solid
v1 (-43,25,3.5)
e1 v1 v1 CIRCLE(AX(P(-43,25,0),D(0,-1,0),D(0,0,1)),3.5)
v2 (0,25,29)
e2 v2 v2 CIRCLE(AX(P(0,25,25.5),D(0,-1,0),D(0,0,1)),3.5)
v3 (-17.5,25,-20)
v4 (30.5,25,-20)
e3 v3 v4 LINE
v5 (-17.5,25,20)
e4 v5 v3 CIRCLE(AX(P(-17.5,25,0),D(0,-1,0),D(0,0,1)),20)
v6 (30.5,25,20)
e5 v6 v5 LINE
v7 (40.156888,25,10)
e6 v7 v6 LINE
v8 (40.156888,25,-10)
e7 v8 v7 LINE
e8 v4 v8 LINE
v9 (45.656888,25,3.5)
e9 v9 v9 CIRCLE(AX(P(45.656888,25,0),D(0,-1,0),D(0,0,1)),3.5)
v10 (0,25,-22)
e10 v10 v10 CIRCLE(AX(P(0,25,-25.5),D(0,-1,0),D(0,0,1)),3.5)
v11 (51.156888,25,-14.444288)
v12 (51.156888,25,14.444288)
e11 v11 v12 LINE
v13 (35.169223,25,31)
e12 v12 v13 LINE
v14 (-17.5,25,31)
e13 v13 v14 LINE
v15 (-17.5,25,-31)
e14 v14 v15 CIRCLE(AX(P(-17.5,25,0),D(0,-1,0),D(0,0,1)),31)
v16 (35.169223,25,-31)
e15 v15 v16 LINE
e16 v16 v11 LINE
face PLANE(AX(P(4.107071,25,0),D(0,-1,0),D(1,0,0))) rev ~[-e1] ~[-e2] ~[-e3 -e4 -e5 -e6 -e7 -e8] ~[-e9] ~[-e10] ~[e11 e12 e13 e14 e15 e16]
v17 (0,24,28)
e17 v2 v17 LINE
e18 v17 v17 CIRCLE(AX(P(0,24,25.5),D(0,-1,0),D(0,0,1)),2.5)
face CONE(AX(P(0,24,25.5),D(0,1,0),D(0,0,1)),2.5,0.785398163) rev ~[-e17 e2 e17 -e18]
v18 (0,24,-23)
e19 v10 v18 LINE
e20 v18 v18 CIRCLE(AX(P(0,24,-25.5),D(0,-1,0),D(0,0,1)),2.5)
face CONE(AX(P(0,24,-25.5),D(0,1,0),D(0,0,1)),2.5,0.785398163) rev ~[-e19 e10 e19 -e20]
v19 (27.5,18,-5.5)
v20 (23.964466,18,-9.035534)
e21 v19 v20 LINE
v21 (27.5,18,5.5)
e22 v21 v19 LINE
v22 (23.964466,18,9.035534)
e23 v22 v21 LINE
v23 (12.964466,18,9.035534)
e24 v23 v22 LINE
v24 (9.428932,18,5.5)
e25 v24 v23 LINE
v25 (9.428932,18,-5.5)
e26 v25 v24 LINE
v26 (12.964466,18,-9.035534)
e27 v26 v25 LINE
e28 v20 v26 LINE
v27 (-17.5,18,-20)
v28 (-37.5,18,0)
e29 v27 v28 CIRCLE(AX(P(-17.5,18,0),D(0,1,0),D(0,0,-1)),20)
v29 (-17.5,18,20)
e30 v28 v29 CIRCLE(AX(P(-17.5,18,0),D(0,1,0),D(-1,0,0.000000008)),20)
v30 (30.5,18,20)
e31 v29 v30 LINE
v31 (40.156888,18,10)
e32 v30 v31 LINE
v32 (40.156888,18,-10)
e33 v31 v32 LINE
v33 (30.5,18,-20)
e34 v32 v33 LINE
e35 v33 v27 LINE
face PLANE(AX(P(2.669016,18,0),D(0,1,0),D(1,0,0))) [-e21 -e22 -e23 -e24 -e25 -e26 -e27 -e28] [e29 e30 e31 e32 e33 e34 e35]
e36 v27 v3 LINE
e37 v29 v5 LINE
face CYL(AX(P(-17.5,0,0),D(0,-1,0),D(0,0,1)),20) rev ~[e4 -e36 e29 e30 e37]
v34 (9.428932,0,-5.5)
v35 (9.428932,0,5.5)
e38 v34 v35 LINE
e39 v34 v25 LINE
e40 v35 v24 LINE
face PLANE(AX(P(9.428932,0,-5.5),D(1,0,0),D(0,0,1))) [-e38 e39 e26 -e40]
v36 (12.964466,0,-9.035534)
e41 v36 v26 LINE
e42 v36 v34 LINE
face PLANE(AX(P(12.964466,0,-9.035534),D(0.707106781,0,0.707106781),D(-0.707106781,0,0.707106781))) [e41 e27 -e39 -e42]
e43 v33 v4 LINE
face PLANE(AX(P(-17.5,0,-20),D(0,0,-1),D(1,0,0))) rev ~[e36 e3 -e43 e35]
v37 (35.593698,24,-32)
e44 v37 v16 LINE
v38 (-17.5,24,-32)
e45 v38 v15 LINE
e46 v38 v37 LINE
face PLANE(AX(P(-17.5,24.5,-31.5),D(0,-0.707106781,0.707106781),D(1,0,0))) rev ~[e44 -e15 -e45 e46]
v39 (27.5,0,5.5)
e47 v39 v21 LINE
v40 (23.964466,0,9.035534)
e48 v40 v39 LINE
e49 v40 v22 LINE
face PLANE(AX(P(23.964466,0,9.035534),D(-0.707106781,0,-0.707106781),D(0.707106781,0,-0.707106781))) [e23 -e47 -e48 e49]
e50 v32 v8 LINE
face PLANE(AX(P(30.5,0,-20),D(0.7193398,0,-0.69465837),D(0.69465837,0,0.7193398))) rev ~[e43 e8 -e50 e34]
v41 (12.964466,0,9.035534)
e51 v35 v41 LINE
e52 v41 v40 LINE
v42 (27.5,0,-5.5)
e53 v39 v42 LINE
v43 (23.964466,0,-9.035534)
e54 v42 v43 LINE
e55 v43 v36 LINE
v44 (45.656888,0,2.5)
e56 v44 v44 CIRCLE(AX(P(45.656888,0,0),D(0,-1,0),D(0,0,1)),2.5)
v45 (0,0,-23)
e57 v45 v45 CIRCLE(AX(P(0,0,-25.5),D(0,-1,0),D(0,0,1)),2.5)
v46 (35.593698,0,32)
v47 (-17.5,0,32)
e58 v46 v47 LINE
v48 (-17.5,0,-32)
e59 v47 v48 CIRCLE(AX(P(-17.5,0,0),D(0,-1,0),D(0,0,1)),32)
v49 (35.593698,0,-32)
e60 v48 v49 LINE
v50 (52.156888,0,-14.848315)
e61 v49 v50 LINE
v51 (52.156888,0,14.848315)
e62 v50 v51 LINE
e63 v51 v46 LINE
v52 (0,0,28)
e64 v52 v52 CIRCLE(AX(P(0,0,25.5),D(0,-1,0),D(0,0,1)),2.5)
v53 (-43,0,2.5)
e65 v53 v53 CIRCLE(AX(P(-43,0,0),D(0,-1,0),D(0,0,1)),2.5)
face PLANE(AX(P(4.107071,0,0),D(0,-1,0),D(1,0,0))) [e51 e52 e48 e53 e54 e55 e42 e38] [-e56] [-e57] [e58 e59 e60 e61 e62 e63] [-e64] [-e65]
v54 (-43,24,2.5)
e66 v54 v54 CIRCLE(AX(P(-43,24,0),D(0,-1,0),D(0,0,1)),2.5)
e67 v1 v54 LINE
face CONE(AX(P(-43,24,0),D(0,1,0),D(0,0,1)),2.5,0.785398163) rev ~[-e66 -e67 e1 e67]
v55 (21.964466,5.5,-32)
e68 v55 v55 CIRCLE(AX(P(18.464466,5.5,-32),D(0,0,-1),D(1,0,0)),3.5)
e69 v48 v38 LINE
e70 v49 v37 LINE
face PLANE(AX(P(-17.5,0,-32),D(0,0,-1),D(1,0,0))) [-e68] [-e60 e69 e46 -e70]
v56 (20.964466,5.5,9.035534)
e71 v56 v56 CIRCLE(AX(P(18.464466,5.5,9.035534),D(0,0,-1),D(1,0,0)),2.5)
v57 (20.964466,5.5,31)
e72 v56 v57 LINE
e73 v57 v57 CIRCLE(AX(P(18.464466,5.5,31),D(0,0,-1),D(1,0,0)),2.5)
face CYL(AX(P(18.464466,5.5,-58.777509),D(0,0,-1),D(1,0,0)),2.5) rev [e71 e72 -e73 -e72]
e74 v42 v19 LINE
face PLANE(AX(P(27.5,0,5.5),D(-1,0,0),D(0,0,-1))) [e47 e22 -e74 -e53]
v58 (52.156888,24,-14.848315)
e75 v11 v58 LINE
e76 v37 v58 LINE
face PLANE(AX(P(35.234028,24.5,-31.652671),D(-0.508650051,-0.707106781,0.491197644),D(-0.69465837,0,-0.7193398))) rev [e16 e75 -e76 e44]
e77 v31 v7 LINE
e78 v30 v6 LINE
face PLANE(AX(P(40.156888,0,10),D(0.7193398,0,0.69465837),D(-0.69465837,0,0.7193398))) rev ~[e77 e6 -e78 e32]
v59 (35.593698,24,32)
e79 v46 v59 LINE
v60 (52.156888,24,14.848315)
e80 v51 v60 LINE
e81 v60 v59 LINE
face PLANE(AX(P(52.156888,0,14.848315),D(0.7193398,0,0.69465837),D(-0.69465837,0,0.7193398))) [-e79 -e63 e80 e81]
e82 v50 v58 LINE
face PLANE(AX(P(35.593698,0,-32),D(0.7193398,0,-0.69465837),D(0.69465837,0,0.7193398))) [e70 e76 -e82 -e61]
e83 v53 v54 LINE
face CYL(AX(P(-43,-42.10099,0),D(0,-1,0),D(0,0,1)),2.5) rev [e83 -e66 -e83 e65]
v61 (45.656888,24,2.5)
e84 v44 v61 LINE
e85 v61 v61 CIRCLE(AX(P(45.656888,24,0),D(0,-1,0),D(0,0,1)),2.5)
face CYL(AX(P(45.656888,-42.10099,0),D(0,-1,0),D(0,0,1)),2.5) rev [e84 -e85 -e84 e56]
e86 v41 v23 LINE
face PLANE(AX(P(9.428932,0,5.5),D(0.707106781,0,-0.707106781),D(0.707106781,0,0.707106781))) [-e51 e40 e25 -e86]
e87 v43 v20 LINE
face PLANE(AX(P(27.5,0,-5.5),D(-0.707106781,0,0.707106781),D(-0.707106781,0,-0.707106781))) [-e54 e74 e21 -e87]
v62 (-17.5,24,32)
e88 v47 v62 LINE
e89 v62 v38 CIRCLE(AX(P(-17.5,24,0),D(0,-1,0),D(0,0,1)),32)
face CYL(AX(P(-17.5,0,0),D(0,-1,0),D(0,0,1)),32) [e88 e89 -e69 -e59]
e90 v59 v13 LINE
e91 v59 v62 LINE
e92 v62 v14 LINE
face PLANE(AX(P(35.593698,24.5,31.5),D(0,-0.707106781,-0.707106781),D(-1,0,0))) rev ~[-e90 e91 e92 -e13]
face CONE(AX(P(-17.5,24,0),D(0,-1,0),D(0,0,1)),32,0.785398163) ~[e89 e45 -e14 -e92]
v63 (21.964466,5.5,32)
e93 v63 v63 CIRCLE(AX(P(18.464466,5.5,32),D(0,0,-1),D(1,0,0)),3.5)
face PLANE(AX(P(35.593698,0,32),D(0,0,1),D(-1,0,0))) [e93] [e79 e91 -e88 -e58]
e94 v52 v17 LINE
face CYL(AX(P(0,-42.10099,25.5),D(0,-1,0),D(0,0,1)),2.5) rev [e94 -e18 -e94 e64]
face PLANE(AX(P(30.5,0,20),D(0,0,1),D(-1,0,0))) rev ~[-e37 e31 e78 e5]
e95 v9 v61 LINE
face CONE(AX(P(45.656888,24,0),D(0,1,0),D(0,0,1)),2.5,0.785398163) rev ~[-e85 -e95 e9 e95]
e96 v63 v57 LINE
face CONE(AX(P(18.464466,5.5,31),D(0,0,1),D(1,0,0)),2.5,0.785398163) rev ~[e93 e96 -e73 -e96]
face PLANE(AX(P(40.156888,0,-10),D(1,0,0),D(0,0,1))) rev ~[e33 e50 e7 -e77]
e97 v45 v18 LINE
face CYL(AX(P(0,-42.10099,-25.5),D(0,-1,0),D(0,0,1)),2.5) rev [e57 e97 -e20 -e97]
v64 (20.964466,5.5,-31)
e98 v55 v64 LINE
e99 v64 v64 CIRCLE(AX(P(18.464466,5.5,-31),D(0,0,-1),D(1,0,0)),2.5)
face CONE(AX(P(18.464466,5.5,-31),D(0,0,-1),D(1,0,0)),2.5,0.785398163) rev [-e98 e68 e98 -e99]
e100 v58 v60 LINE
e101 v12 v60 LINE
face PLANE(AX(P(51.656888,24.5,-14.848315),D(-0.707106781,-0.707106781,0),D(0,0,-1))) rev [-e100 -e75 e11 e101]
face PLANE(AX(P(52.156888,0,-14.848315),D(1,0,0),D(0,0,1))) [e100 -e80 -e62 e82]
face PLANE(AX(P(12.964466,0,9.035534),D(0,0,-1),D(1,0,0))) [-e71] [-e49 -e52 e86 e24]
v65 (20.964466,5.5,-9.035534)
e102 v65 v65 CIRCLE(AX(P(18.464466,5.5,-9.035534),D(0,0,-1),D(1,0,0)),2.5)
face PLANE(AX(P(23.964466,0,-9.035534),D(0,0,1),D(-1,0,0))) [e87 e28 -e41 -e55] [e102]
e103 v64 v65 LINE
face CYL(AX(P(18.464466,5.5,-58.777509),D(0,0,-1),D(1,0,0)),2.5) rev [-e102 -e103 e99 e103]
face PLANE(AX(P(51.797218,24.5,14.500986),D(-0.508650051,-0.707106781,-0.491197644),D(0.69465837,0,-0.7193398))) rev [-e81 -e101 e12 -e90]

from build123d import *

# Parameters (mm, degrees)
BOSS_EXTRUDE1_DEPTH     = 18
CUT_EXTRUDE1_DEPTH      = 18
EXTRUDE_THIN1_DEPTH     = 25
CUT_EXTRUDE2_DEPTH      = 78.777509214
CUT_EXTRUDE2_DEPTH_BACK = 78.777509214
SKETCH3_R               = 2.5
CHAMFER1_SIZE           = 1
CUT_EXTRUDE3_DEPTH      = 67.100990458
CUT_EXTRUDE3_DEPTH_BACK = 67.100990458
SKETCH6_R               = 2.5
CHAMFER3_SIZE           = 1


with BuildPart() as part:
    # Sketch1 → Boss-Extrude1 (new body)
    with BuildSketch(Plane(origin=(0, 0, 0), x_dir=(1, 0, 0), z_dir=(0, 1, 0))):
        with BuildLine():
            Line((40.156887748, -10), (40.156887748, 10))
            Line((40.156887748, 10), (30.5, 20))
            Line((30.5, 20), (-17.5, 20))
            ThreePointArc((-17.5, 20), (-31.64213568, 14.142135567), (-37.5, -1.6e-07))
            ThreePointArc((-37.5, -1.6e-07), (-31.642135567, -14.14213568), (-17.5, -20))
            Line((-17.5, -20), (30.5, -20))
            Line((30.5, -20), (40.156887748, -10))
        make_face()
    extrude(amount=BOSS_EXTRUDE1_DEPTH)

    # Sketch2 → Cut-Extrude1 (cut)
    with BuildSketch(Plane.XZ):
        Polygon((27.5, 5.5), (27.5, -5.5), (23.964466094, -9.035533906), (12.964466094, -9.035533906), (9.428932188, -5.5), (9.428932188, 5.5), (12.964466094, 9.035533906), (23.964466094, 9.035533906), align=None)
    extrude(amount=-CUT_EXTRUDE1_DEPTH, mode=Mode.SUBTRACT)

    # Sketch4 → Extrude-Thin1 (add)
    with BuildSketch(Plane.XZ):
        with BuildLine():
            Line((-17.5, -32), (35.593697795, -32))
            Line((35.593697795, -32), (52.156887748, -14.84831471))
            Line((52.156887748, -14.84831471), (52.156887748, 14.84831471))
            Line((52.156887748, 14.84831471), (35.593697795, 32))
            Line((35.593697795, 32), (-17.5, 32))
            ThreePointArc((-17.5, 32), (-49.5, 0), (-17.5, -32))
        make_face()
        with BuildLine():
            Line((-17.5, -20), (30.5, -20))
            Line((30.5, -20), (40.156887748, -10))
            Line((40.156887748, -10), (40.156887748, 10))
            Line((40.156887748, 10), (30.5, 20))
            Line((30.5, 20), (-17.5, 20))
            ThreePointArc((-17.5, 20), (-37.5, 0), (-17.5, -20))
        make_face(mode=Mode.SUBTRACT)
    extrude(amount=-EXTRUDE_THIN1_DEPTH)

    # Sketch3 → Cut-Extrude2 (cut, two sides: drawn at the far end of the back side and taken through both)
    with BuildSketch(Plane.XY.offset(20).offset(-CUT_EXTRUDE2_DEPTH_BACK)):
        with Locations((18.464466094, 5.5)):
            Circle(SKETCH3_R)
    extrude(amount=CUT_EXTRUDE2_DEPTH + CUT_EXTRUDE2_DEPTH_BACK, mode=Mode.SUBTRACT)

    # Chamfer1
    chamfer1_edges = [part.edges().sort_by_distance(p)[0] for p in [
        (-49.5, 25, 0),
        (9.046848897, 25, 32),
        (43.875292771, 25, 23.424157355),
        (52.156887748, 25, 0),
        (43.875292771, 25, -23.424157355),
        (9.046848897, 25, -32),
        (15.964466094, 5.5, -32),
        (15.964466094, 5.5, 32),
    ]]
    chamfer(chamfer1_edges, length=CHAMFER1_SIZE)

    # Sketch6 → Cut-Extrude3 (cut, two sides: drawn at the far end of the back side and taken through both)
    with BuildSketch(Plane(origin=(0, 25, 0), x_dir=(1, 0, 0), z_dir=(0, 1, 0)).offset(-CUT_EXTRUDE3_DEPTH_BACK)):
        with Locations(Location((0, 25.5, 0), (0, 0, 270))):
            Circle(SKETCH6_R)
        with Locations(Location((0, -25.5, 0), (0, 0, 270))):
            Circle(SKETCH6_R)
        with Locations(Location((45.656887748, 0, 0), (0, 0, 270))):
            Circle(SKETCH6_R)
        with Locations(Location((-43, 0, 0), (0, 0, 270))):
            Circle(SKETCH6_R)
    extrude(amount=CUT_EXTRUDE3_DEPTH + CUT_EXTRUDE3_DEPTH_BACK, mode=Mode.SUBTRACT)

    # Chamfer3
    chamfer3_edges = [part.edges().sort_by_distance(p)[0] for p in [
        (0, 25, -28),
        (0, 25, 23),
        (45.656887748, 25, -2.5),
        (-43, 25, -2.5),
    ]]
    chamfer(chamfer3_edges, length=CHAMFER3_SIZE)


solid = part.part
